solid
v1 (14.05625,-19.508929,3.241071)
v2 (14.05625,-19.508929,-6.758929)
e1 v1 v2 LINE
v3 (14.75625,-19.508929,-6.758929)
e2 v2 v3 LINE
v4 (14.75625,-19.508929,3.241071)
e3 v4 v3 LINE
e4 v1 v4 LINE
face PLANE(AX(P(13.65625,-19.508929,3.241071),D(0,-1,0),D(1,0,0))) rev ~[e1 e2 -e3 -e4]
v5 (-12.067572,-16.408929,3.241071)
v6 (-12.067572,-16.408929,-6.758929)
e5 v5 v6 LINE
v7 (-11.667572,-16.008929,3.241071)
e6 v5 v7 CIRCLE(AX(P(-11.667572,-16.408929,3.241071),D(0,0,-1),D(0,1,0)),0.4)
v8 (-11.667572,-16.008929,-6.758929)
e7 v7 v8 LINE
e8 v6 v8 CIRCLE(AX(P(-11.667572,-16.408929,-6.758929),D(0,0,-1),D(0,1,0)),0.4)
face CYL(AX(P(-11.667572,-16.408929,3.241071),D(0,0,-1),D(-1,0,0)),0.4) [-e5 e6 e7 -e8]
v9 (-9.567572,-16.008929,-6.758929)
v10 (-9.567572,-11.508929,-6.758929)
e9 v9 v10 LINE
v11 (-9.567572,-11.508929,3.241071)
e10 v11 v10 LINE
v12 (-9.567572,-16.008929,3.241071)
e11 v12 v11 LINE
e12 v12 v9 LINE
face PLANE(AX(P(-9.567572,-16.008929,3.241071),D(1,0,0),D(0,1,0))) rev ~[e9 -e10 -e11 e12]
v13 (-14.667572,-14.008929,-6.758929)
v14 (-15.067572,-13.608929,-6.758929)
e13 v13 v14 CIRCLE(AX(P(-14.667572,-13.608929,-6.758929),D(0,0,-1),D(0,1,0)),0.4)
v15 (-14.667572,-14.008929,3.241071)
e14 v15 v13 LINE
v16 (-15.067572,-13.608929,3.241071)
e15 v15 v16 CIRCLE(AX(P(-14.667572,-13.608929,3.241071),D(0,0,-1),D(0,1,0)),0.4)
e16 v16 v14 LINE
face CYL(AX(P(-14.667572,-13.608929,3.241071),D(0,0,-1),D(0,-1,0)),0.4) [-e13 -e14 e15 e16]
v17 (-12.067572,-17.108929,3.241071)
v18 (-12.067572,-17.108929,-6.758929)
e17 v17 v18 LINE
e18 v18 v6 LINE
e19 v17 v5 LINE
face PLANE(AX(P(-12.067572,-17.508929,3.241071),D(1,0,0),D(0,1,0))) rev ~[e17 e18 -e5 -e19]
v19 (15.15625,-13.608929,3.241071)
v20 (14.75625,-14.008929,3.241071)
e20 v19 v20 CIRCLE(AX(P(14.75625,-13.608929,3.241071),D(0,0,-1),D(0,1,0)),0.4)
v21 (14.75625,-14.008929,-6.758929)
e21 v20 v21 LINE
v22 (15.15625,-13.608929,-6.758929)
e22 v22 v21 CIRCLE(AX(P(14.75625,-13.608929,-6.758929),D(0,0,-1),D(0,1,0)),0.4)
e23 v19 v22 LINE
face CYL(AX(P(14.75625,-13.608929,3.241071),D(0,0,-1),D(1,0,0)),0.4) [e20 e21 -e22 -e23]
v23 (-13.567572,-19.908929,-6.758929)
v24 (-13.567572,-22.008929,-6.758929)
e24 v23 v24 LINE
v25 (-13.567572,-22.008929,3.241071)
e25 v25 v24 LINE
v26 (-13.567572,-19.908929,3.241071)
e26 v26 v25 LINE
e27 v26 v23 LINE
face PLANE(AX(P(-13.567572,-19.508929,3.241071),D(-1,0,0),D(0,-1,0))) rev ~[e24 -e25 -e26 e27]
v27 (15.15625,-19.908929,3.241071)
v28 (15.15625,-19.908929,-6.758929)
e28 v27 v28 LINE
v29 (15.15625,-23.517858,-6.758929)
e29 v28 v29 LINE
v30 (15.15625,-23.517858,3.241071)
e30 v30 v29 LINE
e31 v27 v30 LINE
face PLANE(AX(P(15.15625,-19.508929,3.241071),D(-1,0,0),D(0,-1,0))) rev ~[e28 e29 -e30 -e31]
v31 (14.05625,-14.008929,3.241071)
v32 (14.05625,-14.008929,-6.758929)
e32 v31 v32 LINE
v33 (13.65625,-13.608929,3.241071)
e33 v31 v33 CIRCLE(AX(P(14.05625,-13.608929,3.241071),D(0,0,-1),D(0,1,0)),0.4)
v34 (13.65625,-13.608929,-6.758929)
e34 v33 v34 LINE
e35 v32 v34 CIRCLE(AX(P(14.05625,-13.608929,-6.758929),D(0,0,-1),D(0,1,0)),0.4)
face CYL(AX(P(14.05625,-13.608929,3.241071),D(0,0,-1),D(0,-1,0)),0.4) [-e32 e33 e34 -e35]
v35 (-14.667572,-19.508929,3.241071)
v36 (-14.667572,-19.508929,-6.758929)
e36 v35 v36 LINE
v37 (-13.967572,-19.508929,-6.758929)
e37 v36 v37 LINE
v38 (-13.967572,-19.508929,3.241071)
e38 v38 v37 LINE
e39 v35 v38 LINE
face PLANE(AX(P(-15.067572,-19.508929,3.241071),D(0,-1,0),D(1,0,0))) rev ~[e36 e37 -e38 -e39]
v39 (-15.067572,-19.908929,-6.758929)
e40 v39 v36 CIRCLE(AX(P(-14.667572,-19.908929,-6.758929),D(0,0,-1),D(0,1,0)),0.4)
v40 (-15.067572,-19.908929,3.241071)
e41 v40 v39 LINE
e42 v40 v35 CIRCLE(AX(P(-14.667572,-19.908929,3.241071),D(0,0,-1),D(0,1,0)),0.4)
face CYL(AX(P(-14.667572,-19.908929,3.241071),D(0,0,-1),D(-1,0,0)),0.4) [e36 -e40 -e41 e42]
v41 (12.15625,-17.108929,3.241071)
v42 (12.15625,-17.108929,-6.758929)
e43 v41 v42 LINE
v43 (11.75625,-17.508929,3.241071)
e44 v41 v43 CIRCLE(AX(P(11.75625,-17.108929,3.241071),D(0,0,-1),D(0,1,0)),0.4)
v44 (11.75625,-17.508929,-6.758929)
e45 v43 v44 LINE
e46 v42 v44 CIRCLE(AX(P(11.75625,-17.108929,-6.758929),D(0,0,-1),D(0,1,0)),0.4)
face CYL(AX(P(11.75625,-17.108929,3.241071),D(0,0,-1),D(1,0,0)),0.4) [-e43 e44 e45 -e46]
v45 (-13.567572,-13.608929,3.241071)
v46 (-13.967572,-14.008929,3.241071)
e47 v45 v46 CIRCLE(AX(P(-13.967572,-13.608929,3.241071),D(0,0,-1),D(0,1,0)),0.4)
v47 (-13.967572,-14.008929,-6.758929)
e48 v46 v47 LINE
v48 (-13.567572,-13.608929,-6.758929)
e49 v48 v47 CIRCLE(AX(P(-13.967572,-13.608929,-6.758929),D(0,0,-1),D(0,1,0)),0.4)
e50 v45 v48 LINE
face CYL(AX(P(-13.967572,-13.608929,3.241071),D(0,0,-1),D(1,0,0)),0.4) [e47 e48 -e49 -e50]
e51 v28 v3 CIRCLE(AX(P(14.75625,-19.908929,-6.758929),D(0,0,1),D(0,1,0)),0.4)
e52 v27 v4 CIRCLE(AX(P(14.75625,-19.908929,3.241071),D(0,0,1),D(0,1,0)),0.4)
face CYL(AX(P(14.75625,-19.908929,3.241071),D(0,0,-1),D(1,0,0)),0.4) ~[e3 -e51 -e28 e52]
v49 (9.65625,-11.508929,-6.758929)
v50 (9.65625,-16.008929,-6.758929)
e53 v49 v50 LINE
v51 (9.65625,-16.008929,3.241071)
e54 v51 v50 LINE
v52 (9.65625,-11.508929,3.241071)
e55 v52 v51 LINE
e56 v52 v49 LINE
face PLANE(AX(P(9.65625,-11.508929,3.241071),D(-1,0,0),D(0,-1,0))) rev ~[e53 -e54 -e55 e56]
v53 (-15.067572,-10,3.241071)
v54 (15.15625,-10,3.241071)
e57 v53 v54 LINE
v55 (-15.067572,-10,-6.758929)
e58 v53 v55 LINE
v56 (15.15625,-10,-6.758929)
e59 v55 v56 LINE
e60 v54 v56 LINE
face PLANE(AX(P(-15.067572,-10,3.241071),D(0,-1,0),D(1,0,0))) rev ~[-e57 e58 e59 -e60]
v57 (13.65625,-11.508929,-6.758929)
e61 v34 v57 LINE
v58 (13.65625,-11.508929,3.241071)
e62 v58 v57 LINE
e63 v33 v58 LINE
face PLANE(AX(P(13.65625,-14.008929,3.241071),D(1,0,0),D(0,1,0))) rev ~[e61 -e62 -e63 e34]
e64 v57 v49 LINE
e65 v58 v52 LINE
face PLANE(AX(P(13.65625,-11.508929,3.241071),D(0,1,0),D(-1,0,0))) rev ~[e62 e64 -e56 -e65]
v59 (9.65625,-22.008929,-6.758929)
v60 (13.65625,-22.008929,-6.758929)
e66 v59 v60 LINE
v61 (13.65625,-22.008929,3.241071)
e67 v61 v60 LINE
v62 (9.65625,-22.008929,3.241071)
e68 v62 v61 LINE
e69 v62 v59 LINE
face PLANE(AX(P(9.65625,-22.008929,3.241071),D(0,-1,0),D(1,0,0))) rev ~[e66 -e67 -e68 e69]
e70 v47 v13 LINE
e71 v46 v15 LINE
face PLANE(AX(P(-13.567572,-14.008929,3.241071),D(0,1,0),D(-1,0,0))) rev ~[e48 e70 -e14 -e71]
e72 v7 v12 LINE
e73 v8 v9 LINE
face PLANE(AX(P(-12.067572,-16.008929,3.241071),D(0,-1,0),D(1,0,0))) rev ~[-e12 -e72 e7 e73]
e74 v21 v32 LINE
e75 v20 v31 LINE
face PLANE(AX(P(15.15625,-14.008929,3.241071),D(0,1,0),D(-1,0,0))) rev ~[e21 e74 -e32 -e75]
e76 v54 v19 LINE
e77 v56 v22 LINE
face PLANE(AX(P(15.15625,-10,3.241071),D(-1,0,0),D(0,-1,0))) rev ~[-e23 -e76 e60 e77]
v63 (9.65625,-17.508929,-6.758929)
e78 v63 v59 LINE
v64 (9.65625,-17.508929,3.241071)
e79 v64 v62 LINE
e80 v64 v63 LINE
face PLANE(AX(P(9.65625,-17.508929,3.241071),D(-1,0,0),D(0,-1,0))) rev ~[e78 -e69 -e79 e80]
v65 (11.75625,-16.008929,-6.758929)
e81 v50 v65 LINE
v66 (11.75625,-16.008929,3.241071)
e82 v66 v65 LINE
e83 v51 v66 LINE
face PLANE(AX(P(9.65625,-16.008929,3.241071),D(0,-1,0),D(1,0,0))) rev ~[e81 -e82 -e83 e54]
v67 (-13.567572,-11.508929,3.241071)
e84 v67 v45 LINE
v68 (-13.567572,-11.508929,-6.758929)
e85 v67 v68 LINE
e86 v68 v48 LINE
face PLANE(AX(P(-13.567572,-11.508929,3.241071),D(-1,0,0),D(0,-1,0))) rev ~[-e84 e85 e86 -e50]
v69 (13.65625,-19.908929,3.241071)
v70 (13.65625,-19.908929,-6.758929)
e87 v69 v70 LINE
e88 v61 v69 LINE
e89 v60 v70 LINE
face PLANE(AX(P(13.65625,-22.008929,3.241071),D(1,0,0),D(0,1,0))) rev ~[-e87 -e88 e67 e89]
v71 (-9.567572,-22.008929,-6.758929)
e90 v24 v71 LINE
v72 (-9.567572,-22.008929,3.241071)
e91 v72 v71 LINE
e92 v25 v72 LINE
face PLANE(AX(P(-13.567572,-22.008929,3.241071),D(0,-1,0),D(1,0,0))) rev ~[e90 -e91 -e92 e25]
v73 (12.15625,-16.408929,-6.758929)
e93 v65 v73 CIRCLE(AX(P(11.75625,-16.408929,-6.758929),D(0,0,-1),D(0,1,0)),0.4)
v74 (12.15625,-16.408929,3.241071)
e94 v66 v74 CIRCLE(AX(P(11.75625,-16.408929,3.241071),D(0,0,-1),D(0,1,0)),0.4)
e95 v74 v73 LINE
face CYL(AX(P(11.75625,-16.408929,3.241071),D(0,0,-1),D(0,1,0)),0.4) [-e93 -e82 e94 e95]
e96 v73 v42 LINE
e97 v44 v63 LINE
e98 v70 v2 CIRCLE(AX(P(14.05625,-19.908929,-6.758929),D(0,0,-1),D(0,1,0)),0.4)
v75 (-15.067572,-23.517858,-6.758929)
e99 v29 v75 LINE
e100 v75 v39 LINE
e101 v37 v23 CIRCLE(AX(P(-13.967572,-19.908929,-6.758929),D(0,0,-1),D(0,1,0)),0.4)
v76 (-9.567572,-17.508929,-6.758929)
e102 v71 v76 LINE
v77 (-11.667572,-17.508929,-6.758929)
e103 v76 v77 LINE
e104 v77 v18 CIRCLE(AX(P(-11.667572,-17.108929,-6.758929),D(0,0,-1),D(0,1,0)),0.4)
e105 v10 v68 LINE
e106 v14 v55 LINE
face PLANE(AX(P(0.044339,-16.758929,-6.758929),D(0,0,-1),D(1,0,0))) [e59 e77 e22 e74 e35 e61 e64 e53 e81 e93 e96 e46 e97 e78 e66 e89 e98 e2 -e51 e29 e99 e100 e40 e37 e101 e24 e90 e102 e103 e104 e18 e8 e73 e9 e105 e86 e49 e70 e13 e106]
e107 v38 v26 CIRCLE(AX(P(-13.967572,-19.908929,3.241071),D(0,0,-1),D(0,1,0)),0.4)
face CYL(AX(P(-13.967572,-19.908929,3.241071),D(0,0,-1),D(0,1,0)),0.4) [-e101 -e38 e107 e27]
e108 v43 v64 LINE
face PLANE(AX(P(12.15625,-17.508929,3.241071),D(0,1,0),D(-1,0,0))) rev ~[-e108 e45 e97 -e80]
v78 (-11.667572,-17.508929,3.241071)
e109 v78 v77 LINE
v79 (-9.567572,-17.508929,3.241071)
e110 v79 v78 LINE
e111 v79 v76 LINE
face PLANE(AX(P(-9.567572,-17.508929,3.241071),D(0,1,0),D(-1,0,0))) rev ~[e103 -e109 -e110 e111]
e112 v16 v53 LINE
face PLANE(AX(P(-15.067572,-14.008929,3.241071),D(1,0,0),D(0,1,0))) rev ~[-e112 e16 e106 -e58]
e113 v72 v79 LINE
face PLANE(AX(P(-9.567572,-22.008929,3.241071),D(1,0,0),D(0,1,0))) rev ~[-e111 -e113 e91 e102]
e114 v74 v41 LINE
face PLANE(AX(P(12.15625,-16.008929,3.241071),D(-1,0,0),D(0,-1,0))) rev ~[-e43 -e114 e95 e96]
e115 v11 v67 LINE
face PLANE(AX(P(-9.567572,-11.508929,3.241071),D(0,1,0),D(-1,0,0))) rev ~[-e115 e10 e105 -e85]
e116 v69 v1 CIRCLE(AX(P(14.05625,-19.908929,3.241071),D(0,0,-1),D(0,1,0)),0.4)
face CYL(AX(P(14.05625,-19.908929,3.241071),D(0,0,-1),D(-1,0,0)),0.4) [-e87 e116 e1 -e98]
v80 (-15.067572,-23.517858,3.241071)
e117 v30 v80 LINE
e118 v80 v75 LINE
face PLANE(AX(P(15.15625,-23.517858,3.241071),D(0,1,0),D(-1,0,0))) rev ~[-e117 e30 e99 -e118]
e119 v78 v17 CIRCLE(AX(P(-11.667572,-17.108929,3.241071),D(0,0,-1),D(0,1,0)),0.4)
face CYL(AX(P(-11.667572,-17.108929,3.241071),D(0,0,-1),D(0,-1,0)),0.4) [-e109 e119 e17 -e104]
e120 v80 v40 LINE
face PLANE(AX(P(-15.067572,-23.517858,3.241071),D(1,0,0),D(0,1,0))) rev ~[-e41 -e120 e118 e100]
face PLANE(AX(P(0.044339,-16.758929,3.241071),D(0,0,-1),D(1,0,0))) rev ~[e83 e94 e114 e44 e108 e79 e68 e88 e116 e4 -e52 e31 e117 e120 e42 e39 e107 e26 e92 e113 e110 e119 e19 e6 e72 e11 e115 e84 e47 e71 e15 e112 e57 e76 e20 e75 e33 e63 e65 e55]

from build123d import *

# Parameters (mm, degrees)
F1_DEPTH = 10
F2_R     = 0.4
F3_ANGLE = 90


with BuildPart() as f1:
    # F0 (on Front) → F1 (new body)
    with BuildSketch(Plane.XZ):
        Polygon((15.15625, 2.75), (15.15625, 6.758929), (0, 6.758929), (-15.067572, 6.758929), (-15.067572, 2.75), (-13.567572, 2.75), (-13.567572, 5.25), (-9.567572, 5.25), (-9.567572, 0.75), (-12.067572, 0.75), (-12.067572, 0), (-12.067572, -0.75), (-9.567572, -0.75), (-9.567572, -5.25), (-13.567572, -5.25), (-13.567572, -2.75), (-15.067572, -2.75), (-15.067572, -6.758929), (0, -6.758929), (15.15625, -6.758929), (15.15625, -2.75), (13.65625, -2.75), (13.65625, -5.25), (9.65625, -5.25), (9.65625, -0.75), (12.15625, -0.75), (12.15625, 0), (12.15625, 0.75), (9.65625, 0.75), (9.65625, 5.25), (13.65625, 5.25), (13.65625, 2.75), align=None)
    extrude(amount=F1_DEPTH)

    # F2
    f2_edges = [f1.edges().sort_by_distance(p)[0] for p in [
        (15.15625, -5, 2.75),
        (13.65625, -5, 2.75),
        (12.15625, -5, 0.75),
        (12.15625, -5, -0.75),
        (15.15625, -5, -2.75),
        (13.65625, -5, -2.75),
        (-13.567572, -5, -2.75),
        (-15.067572, -5, -2.75),
        (-12.067572, -5, 0.75),
        (-12.067572, -5, -0.75),
        (-13.567572, -5, 2.75),
        (-15.067572, -5, 2.75),
    ]]
    fillet(f2_edges, radius=F2_R)


with BuildPart() as f1_1:
    # F3: moved
    add(f1.part.rotate(Axis((0.044339, -10, -6.758929), (1, 0, 0)), F3_ANGLE))


solid = f1_1.part
